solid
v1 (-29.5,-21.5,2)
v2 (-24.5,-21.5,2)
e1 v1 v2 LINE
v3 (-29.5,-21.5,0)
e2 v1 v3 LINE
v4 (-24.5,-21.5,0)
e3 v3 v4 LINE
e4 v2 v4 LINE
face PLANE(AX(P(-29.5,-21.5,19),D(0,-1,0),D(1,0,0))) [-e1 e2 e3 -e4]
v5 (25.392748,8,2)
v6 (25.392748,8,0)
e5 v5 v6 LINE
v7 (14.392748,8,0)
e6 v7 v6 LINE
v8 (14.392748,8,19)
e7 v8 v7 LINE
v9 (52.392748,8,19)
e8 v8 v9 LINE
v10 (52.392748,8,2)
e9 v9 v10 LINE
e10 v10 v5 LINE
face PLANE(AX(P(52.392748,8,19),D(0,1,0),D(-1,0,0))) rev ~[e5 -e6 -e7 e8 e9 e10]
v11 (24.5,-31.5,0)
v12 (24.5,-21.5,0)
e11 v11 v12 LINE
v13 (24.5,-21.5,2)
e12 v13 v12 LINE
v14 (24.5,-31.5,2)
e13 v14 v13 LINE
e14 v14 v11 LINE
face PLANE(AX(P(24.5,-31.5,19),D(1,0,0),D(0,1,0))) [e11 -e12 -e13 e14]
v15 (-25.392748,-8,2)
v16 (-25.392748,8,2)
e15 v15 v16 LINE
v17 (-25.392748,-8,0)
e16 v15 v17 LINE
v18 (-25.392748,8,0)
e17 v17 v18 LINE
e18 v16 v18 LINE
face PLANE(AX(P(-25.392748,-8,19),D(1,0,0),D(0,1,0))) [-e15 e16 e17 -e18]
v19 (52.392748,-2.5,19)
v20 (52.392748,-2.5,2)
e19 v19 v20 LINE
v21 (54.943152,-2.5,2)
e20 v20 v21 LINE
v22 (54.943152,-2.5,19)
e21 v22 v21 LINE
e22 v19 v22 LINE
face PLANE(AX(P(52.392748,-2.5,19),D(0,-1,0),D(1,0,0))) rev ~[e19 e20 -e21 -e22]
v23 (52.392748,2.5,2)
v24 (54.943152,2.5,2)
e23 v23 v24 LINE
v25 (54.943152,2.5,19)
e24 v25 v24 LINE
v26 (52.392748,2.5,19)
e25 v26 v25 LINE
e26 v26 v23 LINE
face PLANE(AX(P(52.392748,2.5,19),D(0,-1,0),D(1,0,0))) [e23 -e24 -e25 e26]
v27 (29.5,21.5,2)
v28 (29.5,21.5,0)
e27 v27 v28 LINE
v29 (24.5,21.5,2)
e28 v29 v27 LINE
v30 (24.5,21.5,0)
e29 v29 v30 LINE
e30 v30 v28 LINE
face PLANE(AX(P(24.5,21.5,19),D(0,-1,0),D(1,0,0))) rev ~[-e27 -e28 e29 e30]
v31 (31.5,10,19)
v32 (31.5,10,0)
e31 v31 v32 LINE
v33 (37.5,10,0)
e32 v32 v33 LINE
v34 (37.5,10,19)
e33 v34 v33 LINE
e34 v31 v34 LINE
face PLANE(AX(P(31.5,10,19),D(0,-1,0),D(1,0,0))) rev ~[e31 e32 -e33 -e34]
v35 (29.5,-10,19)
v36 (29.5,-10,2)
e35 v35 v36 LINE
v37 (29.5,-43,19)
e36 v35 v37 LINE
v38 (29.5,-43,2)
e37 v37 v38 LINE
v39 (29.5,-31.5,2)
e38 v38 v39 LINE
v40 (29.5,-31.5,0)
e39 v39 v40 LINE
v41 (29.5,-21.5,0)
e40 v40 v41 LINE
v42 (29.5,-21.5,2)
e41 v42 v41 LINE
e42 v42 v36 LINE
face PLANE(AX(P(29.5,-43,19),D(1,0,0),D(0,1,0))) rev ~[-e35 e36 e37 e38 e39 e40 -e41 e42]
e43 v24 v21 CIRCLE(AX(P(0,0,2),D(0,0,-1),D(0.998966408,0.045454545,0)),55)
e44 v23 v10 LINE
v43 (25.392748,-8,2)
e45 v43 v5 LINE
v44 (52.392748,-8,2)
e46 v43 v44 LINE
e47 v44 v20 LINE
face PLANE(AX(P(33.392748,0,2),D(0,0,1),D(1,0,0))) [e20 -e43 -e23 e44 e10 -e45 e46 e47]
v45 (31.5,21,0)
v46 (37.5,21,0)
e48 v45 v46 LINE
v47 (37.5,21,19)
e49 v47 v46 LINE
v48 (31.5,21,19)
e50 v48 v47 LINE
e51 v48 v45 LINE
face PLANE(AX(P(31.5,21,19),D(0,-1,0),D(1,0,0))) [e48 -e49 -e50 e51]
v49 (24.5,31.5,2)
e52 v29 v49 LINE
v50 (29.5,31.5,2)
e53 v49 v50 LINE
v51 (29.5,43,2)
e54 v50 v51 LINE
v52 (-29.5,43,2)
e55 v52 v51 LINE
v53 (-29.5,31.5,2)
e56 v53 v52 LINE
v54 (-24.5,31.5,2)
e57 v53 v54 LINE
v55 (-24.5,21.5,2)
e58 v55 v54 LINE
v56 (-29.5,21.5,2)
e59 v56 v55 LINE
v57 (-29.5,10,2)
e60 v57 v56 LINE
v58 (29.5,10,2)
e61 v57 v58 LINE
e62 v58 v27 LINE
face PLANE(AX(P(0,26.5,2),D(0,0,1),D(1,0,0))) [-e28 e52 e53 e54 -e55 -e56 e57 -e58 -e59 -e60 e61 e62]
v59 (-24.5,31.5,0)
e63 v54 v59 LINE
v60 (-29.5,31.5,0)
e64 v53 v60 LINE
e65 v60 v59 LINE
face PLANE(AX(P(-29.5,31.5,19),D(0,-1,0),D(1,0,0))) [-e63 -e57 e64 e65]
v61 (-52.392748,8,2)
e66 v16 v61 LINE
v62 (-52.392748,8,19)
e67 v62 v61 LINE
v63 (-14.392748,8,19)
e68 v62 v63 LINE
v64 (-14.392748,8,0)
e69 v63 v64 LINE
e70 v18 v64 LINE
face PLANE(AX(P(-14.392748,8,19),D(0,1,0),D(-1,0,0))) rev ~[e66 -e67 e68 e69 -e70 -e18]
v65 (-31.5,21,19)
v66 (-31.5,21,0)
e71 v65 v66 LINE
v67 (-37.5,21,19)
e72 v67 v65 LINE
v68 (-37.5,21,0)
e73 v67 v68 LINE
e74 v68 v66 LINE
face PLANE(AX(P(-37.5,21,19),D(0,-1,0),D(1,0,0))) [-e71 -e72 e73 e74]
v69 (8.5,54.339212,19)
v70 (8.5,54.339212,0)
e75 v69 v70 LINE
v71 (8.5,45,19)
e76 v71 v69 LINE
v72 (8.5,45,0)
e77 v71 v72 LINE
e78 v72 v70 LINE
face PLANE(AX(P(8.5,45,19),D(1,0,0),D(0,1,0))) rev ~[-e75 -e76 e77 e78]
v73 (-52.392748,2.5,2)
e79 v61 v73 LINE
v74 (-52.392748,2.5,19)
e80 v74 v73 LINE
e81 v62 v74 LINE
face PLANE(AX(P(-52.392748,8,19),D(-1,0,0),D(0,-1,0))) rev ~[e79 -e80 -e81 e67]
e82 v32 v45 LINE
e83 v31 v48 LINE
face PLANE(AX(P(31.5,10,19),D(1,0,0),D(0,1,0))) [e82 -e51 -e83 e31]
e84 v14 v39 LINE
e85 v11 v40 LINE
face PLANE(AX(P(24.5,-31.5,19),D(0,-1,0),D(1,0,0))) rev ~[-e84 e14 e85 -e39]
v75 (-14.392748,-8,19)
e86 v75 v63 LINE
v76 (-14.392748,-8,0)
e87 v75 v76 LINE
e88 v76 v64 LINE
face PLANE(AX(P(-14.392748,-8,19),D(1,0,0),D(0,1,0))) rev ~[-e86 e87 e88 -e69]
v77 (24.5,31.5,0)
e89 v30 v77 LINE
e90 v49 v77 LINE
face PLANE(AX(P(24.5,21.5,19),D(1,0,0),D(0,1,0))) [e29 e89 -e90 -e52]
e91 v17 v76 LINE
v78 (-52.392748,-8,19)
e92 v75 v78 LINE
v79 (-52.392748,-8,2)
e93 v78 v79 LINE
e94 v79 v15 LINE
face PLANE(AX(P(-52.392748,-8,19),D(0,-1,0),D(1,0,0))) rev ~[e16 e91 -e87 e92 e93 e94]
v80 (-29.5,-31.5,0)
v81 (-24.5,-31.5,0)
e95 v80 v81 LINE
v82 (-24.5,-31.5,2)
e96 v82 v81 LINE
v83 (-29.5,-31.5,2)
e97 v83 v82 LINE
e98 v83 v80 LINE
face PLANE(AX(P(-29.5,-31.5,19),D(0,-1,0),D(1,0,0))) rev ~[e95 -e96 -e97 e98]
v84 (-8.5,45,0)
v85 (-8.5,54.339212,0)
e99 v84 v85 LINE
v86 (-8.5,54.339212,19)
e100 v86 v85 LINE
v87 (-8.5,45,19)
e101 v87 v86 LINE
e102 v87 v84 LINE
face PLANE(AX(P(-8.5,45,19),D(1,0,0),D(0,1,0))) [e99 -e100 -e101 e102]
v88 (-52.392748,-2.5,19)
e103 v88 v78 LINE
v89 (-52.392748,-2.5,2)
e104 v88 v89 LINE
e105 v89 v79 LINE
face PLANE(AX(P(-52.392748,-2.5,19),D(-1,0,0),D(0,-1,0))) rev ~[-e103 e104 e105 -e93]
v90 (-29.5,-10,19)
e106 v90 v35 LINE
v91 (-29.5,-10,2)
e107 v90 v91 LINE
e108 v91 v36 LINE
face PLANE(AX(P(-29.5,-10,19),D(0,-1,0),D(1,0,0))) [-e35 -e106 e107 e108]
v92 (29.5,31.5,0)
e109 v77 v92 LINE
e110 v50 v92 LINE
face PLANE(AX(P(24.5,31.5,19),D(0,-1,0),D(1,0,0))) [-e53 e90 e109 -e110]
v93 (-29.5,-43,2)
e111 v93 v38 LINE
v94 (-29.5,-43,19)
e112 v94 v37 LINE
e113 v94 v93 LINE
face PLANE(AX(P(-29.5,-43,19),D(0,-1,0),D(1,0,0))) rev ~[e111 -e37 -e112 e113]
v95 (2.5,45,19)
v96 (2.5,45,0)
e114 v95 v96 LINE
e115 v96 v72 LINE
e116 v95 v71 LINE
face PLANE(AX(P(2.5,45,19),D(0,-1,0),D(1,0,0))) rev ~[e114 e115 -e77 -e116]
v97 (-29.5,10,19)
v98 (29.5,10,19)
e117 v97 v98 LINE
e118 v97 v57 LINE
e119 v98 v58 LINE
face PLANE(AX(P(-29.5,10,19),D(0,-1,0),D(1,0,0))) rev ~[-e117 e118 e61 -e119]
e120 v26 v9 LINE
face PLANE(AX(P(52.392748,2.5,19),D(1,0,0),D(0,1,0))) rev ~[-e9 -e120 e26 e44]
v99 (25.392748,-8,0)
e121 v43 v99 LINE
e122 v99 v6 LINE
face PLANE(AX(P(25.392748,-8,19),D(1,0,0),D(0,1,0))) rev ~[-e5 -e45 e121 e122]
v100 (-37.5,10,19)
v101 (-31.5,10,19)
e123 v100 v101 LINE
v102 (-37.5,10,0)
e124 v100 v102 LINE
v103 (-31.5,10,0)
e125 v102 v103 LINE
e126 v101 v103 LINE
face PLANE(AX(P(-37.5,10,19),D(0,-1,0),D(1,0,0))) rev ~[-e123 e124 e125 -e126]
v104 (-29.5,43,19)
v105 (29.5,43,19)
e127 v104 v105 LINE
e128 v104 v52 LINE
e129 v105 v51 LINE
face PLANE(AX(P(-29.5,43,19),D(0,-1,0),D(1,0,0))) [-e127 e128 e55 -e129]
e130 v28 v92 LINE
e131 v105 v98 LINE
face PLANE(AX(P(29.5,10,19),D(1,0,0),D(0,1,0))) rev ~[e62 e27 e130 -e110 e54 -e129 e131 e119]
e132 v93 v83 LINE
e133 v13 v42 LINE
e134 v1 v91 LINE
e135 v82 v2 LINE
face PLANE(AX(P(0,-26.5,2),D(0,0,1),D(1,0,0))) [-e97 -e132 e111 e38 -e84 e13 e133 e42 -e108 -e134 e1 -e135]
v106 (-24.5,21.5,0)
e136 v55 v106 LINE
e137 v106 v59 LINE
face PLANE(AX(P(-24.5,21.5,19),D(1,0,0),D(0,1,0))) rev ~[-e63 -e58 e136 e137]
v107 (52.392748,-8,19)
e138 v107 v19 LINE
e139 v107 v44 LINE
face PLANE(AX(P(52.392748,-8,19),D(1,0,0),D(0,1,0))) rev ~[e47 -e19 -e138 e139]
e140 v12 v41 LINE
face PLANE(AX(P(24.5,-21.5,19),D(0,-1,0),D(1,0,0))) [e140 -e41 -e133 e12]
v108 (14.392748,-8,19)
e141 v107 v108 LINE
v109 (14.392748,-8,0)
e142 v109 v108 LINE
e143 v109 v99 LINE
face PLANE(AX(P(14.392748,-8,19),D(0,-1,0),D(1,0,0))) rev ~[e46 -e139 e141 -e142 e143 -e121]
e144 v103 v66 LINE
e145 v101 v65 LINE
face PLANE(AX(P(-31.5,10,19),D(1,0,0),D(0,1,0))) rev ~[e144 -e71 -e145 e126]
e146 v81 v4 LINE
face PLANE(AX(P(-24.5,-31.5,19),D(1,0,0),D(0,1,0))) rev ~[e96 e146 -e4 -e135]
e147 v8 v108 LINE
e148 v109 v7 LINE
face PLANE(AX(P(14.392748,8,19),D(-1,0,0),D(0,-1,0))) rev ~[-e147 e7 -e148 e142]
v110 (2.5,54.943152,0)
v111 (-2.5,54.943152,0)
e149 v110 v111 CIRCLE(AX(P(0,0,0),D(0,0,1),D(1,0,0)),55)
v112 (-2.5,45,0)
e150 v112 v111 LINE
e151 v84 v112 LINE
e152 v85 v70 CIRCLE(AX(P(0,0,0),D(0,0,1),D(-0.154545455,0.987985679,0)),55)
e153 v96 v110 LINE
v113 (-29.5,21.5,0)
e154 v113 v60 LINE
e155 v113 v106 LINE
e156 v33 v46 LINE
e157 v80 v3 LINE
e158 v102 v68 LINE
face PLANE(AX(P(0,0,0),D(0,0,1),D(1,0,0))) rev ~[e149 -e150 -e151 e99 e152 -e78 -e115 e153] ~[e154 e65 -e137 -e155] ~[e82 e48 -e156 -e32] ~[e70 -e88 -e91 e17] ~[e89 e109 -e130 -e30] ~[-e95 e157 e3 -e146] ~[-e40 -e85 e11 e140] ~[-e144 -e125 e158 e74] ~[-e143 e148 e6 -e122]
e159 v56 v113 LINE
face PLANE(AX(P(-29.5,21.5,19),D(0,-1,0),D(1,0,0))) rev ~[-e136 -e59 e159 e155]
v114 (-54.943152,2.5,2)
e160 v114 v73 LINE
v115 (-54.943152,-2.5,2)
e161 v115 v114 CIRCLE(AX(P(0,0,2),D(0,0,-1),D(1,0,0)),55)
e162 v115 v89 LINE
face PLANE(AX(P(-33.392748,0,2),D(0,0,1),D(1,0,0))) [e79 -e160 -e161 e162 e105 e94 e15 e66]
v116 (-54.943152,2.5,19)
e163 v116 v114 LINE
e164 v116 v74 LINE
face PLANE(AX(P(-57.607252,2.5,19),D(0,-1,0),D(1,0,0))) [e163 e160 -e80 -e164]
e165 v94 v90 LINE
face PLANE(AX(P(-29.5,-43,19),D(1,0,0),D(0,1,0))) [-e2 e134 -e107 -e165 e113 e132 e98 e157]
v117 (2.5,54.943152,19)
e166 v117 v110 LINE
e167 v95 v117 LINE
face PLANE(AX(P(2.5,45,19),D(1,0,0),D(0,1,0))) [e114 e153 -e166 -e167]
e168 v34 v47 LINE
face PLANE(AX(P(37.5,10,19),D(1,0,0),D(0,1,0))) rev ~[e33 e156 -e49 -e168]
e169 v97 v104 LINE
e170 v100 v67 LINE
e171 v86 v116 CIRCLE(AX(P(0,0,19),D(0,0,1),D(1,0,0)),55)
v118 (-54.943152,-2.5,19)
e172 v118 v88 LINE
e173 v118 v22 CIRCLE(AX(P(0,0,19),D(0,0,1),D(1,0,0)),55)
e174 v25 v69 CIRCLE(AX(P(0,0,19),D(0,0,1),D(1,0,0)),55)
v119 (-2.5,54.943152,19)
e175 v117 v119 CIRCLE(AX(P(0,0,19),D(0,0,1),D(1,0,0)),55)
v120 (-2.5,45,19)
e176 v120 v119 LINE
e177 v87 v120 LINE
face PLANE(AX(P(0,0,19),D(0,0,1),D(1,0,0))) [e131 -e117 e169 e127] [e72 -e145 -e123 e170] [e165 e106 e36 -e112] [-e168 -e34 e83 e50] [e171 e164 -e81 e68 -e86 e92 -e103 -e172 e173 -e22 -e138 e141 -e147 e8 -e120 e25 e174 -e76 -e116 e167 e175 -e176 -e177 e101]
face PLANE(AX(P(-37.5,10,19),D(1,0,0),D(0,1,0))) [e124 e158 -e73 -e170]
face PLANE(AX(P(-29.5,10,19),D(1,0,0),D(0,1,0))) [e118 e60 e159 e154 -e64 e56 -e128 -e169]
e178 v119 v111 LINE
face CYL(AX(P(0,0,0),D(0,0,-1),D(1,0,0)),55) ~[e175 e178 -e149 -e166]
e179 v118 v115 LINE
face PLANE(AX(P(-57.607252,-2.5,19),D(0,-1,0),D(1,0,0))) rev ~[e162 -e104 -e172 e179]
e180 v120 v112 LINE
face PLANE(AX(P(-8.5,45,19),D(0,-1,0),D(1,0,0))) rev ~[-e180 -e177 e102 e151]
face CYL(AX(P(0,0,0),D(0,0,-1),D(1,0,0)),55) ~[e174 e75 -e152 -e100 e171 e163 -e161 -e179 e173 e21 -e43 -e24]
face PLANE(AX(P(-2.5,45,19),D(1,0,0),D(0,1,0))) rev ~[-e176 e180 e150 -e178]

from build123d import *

# Parameters (mm, degrees)
F0_R     = 55
F1_DEPTH = 19
F2_W     = 5.214504
F2_H     = 5
F2_W_2   = 59
F2_H_2   = 33
F3_DEPTH = 17
F4_W     = 6
F4_H     = 11
F4_W_2   = 11
F4_H_2   = 16
F4_W_3   = 5
F4_H_3   = 10
F5_DEPTH = 19.001


with BuildPart() as f1:
    # F0 (on Top) → F1 (new body)
    with BuildSketch(Plane.XY):
        Circle(F0_R)
    extrude(amount=F1_DEPTH)

    # F2 (on face) → F3 (cut)
    with BuildSketch(Plane.XY.offset(19)):
        Polygon((52.392748, 2.5), (52.392748, 8), (14.392748, 8), (14.392748, -8), (52.392748, -8), (52.392748, -2.5), align=None)
        with Locations((55, 0)):
            Rectangle(F2_W, F2_H)
        with Locations((0, 26.5)):
            Rectangle(F2_W_2, F2_H_2)
        with Locations((0, -26.5)):
            Rectangle(F2_W_2, F2_H_2)
        Polygon((-14.392748, 8), (-52.392748, 8), (-52.392748, 2.5), (-52.392748, -2.5), (-52.392748, -8), (-14.392748, -8), align=None)
        with Locations((-55, 0)):
            Rectangle(F2_W, F2_H)
    extrude(amount=-F3_DEPTH, mode=Mode.SUBTRACT)

    # F4 (on face) → F5 (cut, through all)
    with BuildSketch(Plane.XY.offset(19)):
        with Locations((-34.5, 15.5)):
            Rectangle(F4_W, F4_H)
        with Locations((34.5, 15.5)):
            Rectangle(F4_W, F4_H)
        with Locations((-5.5, 50.5)):
            Rectangle(F4_W, F4_H)
        with Locations((5.5, 50.5)):
            Rectangle(F4_W, F4_H)
        with Locations((-19.892748, 0)):
            Rectangle(F4_W_2, F4_H_2)
        with Locations((19.892748, 0)):
            Rectangle(F4_W_2, F4_H_2)
        with Locations((27, 26.5)):
            Rectangle(F4_W_3, F4_H_3)
        with Locations((-27, 26.5)):
            Rectangle(F4_W_3, F4_H_3)
        with Locations((27, -26.5)):
            Rectangle(F4_W_3, F4_H_3)
        with Locations((-27, -26.5)):
            Rectangle(F4_W_3, F4_H_3)
    extrude(amount=-F5_DEPTH, mode=Mode.SUBTRACT)


solid = f1.part
